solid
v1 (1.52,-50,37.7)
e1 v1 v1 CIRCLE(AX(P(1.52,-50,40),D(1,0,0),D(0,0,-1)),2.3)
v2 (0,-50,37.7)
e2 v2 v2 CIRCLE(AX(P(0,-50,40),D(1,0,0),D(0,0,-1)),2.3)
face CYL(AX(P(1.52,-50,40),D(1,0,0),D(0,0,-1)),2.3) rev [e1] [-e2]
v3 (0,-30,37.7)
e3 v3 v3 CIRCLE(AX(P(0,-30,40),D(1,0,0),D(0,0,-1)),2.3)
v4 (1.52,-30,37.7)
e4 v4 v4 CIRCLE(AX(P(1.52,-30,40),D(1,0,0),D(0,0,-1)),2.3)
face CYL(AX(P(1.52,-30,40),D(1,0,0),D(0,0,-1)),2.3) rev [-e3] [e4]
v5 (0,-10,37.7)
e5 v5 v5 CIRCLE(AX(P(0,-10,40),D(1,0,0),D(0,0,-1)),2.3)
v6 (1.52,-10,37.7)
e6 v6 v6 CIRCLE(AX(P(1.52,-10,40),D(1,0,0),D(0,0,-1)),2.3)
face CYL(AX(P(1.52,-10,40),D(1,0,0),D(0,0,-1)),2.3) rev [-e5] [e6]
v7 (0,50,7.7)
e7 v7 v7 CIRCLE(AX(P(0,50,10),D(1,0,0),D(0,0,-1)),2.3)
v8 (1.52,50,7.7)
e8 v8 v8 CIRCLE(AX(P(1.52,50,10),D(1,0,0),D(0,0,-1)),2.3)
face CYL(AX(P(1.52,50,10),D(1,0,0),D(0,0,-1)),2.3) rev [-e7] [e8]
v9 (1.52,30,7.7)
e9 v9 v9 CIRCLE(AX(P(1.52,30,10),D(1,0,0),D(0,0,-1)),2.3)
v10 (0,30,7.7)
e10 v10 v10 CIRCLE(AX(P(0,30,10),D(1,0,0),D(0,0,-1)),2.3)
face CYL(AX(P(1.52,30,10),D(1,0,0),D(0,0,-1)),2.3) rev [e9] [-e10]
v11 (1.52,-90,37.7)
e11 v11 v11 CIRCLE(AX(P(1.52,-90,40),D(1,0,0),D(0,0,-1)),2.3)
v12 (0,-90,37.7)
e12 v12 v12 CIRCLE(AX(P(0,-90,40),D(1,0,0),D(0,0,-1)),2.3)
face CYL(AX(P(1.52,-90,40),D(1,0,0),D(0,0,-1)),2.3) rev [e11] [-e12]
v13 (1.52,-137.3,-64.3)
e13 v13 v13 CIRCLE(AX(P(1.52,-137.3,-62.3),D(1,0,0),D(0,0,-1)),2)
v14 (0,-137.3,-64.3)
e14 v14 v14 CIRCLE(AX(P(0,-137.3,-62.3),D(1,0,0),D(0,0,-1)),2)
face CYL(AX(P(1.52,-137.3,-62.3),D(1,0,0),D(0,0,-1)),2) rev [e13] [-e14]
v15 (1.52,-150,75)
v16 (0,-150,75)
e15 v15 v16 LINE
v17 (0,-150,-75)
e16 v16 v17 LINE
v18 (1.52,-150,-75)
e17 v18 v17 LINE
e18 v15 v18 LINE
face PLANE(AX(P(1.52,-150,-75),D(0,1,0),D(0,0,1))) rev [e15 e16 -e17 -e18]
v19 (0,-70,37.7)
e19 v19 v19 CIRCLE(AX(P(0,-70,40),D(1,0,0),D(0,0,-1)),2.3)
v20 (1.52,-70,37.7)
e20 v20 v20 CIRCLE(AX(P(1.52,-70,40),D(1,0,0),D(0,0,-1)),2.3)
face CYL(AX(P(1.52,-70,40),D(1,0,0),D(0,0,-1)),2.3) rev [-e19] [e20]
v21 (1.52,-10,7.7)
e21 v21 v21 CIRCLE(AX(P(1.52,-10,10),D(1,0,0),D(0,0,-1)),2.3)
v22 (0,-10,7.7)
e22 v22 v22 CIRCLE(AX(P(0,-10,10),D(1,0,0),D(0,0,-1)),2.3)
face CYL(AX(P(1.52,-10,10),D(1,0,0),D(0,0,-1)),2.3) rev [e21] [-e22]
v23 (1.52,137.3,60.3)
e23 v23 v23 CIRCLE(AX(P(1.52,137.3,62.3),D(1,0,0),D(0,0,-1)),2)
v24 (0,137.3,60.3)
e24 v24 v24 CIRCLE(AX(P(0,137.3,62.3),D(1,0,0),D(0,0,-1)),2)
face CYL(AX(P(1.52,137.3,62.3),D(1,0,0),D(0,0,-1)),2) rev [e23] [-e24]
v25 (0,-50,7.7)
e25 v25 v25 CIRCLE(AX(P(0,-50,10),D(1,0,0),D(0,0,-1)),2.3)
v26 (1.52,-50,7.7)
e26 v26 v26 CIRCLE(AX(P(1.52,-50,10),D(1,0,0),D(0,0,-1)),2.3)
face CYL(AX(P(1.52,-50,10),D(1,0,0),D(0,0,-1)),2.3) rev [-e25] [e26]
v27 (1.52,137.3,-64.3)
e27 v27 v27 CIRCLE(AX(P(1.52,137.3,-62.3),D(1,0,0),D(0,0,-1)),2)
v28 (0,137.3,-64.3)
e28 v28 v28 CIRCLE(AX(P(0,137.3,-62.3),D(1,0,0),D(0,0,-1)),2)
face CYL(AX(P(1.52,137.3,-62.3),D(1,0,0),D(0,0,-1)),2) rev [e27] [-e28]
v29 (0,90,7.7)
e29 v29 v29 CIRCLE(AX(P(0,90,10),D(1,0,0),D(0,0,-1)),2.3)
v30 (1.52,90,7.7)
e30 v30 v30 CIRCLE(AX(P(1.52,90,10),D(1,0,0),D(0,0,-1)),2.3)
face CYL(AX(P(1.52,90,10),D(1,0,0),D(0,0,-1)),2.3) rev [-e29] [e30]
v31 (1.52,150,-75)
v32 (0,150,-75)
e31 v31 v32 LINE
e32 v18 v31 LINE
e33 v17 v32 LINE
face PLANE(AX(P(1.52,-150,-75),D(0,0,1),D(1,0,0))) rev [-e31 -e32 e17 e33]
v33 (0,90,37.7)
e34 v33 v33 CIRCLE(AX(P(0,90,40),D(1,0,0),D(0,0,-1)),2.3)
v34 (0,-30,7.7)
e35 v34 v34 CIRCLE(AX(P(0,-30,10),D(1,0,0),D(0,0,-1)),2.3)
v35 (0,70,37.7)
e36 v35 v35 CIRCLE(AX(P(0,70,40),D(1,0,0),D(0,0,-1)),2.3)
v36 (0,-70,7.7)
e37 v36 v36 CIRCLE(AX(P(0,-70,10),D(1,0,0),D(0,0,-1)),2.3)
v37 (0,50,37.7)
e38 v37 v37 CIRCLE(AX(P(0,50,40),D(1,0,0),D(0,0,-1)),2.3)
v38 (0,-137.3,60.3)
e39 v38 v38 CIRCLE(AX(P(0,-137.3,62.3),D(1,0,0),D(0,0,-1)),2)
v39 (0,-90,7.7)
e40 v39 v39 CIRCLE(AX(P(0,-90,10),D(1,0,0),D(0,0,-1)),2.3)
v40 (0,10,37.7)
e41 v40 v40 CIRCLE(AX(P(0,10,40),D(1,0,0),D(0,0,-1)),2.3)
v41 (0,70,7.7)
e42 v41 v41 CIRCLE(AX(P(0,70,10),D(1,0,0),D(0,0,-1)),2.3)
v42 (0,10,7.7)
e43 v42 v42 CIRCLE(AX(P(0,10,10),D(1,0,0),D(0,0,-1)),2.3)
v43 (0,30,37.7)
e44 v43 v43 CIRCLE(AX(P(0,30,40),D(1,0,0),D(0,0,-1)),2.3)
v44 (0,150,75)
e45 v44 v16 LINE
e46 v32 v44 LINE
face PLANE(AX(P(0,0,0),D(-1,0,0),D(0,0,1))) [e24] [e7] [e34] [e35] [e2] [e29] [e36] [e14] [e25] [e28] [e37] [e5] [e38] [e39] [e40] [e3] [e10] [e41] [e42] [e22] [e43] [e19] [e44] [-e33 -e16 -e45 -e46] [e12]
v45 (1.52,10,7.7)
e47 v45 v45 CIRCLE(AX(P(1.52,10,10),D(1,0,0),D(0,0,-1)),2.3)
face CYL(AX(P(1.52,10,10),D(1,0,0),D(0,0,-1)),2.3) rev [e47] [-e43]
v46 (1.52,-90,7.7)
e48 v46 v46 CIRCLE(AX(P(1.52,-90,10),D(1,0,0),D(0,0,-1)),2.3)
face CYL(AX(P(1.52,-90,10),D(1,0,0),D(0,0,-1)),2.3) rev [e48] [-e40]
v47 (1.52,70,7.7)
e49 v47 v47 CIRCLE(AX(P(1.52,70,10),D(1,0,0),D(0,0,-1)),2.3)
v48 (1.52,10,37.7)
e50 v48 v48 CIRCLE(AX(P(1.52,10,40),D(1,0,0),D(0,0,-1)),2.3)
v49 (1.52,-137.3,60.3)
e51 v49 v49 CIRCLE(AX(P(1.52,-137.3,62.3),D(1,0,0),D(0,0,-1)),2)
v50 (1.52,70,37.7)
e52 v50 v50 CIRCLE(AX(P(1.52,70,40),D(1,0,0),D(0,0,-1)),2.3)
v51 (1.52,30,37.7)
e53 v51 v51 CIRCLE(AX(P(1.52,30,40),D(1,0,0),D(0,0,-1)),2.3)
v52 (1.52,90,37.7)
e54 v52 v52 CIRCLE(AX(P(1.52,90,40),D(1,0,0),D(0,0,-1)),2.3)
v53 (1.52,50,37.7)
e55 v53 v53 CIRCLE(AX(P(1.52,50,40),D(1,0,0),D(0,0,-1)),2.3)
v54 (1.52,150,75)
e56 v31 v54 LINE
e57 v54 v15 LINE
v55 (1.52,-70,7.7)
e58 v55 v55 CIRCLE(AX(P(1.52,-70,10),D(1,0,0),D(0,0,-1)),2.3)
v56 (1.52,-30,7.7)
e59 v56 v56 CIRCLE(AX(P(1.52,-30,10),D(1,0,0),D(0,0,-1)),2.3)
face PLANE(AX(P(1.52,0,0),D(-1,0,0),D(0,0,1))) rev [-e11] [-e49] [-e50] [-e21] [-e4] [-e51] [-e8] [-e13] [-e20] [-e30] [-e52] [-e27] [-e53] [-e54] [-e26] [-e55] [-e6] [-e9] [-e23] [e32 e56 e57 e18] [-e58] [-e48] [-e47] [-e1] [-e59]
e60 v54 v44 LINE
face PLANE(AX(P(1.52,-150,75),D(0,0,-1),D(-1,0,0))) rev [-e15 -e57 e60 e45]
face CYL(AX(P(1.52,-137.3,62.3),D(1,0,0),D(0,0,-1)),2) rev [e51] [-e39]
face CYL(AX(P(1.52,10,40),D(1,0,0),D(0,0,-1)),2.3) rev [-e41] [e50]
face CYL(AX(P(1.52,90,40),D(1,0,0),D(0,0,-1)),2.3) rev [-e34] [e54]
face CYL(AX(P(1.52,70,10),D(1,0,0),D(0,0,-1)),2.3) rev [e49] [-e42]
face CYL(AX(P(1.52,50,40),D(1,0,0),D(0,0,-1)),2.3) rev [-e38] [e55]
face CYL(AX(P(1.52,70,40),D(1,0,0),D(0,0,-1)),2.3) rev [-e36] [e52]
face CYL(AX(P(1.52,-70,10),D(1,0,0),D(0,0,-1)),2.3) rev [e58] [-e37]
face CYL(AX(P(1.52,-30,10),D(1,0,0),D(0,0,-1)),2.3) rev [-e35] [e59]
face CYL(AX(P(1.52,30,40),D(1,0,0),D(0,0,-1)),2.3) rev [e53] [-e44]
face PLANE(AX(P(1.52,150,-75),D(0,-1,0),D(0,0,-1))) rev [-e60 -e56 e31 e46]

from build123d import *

# Parameters (mm, degrees)
SKETCH1_W                            = 300
SKETCH1_H                            = 150
BOSS_EXTRUDE1_DEPTH                  = 1.52
F_4_0_4_DIAMETER_HOLE1_D             = 4
MIRROR1_AT_THE_SECOND_PLANE_COPY_1_D = 4
F_4_6_4_6_DIAMETER_HOLE1_D           = 4.6
F_4_6_4_6_DIAMETER_HOLE2_D           = 4.6


with BuildPart() as part:
    # Sketch1 → Boss-Extrude1 (new body)
    with BuildSketch(Plane.YZ):
        Rectangle(SKETCH1_W, SKETCH1_H)
    extrude(amount=BOSS_EXTRUDE1_DEPTH)

    # Ø4.0 (4) Diameter Hole1 (through all)
    with Locations(Plane.YZ.offset(1.52)):
        with Locations((-137.3, 62.3)):
            f_4_0_4_diameter_hole1 = Hole(F_4_0_4_DIAMETER_HOLE1_D / 2)

    # Mirror1: Ø4.0 (4) Diameter Hole1 across plane
    add(f_4_0_4_diameter_hole1.mirror(Plane.ZX), mode=Mode.SUBTRACT)

    # Mirror1 at the second plane: Ø4.0 (4) Diameter Hole1 across plane
    add(f_4_0_4_diameter_hole1.mirror(Plane.XY), mode=Mode.SUBTRACT)

    # Mirror1 at the second plane copy 1 (through all)
    with Locations(Plane(origin=(1.52, 0, 0), x_dir=(0, -1, 0), z_dir=(1, 0, 0))):
        with Locations((-137.3, 62.3)):
            Hole(MIRROR1_AT_THE_SECOND_PLANE_COPY_1_D / 2)

    # Ø4.6 (4.6) Diameter Hole1 (through all)
    with Locations(Plane.YZ.offset(1.52)):
        with Locations((-90, 40), (-70, 40), (-50, 40), (-30, 40), (-10, 40), (10, 40), (30, 40), (50, 40), (70, 40), (90, 40)):
            Hole(F_4_6_4_6_DIAMETER_HOLE1_D / 2)

    # Ø4.6 (4.6) Diameter Hole2 (through all)
    with Locations(Plane.YZ.offset(1.52)):
        with Locations((-90, 10), (-70, 10), (-50, 10), (-30, 10), (-10, 10), (10, 10), (30, 10), (50, 10), (70, 10), (90, 10)):
            Hole(F_4_6_4_6_DIAMETER_HOLE2_D / 2)


solid = part.part
